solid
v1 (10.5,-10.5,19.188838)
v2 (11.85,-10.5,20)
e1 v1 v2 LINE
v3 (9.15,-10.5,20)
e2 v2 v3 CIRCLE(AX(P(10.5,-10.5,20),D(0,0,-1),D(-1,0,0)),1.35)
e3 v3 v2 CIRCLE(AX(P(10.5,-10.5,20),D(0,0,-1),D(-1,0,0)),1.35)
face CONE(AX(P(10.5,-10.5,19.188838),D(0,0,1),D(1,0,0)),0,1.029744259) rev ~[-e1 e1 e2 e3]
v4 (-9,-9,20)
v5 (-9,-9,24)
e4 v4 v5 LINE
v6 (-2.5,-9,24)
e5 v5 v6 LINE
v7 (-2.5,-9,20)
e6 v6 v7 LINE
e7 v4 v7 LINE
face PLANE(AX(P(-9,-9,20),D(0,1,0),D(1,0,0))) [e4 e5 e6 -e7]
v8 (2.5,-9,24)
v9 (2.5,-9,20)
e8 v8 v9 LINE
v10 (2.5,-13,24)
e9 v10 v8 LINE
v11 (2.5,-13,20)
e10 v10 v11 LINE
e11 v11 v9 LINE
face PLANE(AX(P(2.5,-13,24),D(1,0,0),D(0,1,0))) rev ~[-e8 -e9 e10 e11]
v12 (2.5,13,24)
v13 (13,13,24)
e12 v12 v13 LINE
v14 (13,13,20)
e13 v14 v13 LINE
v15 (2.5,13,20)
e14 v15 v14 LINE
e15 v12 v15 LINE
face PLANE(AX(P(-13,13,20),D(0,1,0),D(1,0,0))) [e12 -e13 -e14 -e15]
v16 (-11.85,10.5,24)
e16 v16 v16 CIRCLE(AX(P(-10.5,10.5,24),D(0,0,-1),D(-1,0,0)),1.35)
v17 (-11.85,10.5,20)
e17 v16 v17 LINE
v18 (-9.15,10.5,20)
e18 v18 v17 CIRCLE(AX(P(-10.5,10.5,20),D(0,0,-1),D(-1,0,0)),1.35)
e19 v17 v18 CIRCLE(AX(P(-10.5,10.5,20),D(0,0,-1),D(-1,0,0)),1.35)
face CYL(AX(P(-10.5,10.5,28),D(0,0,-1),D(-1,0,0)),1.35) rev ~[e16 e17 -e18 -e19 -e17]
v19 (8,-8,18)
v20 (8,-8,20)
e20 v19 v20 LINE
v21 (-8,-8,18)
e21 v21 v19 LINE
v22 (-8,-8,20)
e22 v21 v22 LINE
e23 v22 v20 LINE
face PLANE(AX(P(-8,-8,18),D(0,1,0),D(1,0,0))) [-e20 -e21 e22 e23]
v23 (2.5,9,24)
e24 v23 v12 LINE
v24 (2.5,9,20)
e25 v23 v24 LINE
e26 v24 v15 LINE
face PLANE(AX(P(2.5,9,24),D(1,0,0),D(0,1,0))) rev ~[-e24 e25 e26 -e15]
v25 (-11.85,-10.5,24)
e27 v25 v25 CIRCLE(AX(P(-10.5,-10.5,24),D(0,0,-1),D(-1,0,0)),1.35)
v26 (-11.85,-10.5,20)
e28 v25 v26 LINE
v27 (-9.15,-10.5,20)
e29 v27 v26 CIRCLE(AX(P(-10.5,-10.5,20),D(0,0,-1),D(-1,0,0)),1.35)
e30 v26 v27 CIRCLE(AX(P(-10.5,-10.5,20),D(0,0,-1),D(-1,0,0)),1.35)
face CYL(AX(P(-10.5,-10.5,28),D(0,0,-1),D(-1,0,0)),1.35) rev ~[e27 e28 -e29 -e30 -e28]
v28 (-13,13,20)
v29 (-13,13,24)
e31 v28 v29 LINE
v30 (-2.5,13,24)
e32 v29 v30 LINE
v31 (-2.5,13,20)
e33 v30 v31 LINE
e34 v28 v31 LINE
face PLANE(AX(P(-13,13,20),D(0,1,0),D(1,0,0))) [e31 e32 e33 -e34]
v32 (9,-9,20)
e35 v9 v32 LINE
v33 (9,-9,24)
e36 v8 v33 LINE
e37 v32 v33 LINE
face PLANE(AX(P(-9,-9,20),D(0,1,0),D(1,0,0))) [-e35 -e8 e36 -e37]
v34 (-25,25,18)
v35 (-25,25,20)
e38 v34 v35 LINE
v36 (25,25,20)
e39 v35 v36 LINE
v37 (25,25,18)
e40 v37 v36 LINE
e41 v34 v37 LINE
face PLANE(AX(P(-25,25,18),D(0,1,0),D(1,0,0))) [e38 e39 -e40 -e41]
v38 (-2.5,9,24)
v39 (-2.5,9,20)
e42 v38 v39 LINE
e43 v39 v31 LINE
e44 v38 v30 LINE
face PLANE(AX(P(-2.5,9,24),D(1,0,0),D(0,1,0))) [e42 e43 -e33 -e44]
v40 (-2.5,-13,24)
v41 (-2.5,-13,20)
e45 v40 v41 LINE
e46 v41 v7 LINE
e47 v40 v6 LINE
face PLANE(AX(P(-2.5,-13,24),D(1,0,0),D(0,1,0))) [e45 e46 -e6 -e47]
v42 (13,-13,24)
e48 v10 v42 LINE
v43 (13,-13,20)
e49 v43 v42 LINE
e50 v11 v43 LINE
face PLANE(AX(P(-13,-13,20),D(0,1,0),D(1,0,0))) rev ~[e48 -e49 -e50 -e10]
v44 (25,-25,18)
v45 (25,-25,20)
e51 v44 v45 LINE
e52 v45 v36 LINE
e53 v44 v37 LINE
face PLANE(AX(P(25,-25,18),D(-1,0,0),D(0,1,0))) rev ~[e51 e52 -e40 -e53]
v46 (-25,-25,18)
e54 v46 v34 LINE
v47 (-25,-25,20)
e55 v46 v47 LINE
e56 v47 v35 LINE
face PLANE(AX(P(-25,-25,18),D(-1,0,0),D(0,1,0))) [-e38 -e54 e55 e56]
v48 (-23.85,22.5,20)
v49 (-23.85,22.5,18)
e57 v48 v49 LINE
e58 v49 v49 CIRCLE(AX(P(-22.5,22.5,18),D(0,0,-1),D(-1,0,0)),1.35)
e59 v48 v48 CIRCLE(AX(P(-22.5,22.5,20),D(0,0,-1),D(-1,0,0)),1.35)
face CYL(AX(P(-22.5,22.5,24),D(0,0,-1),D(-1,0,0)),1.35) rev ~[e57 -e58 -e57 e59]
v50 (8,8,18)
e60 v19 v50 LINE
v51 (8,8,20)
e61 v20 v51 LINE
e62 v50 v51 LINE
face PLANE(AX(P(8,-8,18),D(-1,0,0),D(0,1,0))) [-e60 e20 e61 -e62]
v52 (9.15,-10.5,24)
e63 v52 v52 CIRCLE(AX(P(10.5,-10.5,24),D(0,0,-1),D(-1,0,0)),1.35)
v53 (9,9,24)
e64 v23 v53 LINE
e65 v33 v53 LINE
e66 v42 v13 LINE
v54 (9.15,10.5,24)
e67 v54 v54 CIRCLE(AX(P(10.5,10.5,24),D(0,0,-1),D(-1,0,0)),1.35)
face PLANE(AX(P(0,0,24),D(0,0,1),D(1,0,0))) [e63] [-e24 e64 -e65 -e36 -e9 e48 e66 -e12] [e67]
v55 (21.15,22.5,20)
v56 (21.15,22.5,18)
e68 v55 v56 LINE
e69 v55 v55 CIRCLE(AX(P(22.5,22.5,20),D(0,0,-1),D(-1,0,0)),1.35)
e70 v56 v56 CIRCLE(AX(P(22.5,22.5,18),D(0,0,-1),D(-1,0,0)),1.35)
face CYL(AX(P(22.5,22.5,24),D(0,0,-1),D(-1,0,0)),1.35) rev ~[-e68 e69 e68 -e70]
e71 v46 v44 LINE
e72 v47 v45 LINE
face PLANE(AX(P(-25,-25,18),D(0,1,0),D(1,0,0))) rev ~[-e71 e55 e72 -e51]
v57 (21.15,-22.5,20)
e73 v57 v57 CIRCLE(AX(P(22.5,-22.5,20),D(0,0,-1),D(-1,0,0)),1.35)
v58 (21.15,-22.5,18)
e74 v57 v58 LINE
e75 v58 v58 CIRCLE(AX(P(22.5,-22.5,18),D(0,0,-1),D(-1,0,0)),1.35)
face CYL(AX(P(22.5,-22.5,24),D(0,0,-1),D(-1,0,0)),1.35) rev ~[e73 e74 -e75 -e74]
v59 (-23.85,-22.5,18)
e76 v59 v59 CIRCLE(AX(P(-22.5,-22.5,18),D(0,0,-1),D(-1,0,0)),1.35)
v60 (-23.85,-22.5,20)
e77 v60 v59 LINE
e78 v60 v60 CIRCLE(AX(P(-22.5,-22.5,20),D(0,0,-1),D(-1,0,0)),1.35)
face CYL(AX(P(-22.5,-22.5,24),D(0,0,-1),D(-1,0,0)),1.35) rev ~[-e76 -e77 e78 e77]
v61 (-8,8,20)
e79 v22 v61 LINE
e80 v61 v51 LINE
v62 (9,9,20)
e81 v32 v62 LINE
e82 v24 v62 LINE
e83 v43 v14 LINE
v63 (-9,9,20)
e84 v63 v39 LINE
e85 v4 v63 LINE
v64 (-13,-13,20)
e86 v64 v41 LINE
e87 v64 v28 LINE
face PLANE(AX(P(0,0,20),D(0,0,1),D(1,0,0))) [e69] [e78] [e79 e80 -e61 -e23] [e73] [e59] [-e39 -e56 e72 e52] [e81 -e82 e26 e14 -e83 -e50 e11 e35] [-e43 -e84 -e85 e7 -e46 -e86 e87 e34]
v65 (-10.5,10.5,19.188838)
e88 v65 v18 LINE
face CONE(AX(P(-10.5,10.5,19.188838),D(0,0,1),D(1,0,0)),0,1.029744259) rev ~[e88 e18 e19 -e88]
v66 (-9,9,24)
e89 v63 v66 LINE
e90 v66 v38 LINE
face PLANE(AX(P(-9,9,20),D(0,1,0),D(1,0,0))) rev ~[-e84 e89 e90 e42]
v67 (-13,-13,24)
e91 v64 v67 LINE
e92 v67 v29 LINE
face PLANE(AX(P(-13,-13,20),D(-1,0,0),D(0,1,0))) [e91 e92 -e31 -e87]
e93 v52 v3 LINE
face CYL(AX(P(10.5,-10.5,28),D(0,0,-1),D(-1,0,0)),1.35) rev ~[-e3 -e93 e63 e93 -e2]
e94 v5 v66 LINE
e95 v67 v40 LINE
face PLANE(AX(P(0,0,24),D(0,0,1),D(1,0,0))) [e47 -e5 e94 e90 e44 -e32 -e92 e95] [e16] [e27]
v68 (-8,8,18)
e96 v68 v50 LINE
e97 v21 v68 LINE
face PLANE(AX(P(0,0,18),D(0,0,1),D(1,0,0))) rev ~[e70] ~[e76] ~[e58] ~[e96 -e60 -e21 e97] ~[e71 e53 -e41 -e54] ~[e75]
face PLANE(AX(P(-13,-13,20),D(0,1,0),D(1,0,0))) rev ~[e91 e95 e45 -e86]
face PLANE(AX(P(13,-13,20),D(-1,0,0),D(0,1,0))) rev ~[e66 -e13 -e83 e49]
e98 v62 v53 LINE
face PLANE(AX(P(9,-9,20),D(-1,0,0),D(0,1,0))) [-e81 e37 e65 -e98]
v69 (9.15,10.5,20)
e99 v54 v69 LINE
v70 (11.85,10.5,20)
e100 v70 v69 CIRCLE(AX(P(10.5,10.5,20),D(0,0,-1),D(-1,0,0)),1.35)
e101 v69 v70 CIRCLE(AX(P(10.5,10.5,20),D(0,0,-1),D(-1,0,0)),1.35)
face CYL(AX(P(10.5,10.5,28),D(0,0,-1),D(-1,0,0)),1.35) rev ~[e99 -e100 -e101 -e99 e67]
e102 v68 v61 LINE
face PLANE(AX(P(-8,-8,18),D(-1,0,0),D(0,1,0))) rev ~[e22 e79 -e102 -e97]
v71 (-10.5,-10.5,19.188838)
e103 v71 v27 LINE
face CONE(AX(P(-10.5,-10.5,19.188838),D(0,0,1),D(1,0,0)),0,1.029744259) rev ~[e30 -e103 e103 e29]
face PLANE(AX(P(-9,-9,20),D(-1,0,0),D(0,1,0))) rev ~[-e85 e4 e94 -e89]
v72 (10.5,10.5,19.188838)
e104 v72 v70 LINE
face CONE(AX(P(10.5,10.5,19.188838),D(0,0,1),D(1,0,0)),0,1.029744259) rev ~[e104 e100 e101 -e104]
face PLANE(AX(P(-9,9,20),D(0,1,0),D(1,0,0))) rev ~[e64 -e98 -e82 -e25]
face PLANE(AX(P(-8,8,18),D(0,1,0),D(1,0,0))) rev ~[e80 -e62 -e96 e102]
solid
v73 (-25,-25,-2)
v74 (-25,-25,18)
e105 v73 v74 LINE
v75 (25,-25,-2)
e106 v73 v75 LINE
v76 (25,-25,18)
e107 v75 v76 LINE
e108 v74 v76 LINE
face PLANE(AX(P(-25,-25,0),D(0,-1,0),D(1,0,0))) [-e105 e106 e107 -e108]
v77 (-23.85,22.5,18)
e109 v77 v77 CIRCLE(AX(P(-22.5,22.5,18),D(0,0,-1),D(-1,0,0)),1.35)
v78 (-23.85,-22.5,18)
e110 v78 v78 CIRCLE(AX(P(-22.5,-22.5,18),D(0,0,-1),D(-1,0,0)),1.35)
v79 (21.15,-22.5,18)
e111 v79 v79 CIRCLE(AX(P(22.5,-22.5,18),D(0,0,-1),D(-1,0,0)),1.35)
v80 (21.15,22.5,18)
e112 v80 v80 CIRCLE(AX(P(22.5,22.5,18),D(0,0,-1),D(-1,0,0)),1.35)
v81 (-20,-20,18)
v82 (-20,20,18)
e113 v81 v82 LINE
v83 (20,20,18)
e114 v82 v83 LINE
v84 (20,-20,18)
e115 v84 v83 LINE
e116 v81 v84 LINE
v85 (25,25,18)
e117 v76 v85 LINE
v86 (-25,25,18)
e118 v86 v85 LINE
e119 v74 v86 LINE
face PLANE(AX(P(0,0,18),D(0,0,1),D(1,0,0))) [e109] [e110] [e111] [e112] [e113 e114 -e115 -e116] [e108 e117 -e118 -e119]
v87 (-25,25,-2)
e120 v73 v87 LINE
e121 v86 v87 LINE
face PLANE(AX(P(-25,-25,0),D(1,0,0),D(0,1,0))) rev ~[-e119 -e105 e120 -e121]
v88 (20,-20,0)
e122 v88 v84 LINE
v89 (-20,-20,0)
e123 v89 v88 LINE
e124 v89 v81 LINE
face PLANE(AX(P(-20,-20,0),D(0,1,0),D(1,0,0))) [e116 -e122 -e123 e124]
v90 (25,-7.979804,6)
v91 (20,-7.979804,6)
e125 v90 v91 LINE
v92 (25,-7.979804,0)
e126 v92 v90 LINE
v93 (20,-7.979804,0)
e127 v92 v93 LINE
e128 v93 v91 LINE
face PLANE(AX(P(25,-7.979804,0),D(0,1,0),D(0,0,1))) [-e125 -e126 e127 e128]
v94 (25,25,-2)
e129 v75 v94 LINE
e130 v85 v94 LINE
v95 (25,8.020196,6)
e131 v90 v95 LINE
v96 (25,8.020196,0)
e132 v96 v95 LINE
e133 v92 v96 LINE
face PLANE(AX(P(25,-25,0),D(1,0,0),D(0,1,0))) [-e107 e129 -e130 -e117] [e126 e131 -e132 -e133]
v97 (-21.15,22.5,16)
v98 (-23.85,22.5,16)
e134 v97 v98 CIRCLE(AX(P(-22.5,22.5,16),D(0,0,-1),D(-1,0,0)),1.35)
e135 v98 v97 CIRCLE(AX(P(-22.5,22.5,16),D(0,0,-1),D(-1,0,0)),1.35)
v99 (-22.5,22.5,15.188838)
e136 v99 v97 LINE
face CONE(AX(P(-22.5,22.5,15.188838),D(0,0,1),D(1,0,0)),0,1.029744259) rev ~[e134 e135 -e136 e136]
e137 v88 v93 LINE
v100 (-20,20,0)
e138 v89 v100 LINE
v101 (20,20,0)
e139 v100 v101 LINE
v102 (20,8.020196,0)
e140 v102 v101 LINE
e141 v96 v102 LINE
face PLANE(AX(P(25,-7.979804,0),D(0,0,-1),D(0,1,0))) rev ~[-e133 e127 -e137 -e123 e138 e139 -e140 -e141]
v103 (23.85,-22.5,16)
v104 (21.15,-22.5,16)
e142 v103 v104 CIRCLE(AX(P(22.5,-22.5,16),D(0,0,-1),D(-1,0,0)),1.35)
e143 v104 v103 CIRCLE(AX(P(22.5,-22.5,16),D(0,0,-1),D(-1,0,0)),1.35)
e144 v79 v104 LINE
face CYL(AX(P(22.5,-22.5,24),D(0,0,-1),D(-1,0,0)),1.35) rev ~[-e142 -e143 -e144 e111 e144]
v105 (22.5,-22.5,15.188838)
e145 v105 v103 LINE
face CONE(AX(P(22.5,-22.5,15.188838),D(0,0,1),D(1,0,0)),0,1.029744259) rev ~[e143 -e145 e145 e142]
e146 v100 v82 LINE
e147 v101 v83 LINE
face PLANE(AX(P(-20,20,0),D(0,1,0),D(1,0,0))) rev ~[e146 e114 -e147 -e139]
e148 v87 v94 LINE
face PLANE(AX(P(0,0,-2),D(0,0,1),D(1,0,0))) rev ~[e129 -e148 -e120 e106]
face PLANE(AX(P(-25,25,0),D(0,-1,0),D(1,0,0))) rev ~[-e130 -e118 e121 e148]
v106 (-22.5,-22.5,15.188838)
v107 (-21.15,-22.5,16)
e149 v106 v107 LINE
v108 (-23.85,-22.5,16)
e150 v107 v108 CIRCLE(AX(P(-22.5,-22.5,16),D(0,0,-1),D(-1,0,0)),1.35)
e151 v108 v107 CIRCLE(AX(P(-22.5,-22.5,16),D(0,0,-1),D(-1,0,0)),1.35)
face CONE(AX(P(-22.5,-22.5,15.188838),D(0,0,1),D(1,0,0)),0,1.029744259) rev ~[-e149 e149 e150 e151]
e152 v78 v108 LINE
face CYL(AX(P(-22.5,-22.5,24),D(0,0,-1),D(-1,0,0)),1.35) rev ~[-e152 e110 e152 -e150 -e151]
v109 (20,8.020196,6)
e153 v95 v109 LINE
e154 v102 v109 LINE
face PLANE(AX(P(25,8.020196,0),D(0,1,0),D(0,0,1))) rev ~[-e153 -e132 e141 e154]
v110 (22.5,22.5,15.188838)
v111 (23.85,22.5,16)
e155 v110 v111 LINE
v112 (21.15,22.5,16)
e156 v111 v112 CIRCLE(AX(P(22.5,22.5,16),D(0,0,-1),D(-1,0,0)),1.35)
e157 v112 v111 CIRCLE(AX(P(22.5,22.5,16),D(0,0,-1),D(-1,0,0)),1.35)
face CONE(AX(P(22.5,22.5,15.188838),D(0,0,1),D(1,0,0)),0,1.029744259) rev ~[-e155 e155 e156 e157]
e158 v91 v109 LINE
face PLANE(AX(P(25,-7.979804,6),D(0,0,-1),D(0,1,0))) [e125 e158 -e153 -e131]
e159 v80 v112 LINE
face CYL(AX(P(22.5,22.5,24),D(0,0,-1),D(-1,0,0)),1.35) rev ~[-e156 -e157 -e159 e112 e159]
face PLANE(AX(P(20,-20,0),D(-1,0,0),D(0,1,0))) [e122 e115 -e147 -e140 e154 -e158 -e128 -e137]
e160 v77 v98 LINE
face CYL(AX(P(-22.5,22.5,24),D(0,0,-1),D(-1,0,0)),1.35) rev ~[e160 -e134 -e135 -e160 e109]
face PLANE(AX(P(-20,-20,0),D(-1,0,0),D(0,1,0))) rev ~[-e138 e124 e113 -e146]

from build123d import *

# Parameters (mm, degrees)
F0_W        = 50
F0_H        = 50
F0_W_2      = 40
F0_H_2      = 40
F1_DEPTH    = 18
F2_DEPTH    = 2
F3_W        = 16
F3_H        = 6
F4_DEPTH    = 5
F5_W        = 50
F5_H        = 50
F5_W_2      = 40
F5_H_2      = 40
F5_W_3      = 16
F5_H_3      = 16
F6_DEPTH    = 2
F7_W        = 26
F7_H        = 26
F7_W_2      = 18
F7_H_2      = 18
F8_DEPTH    = 4
F10_D       = 2.7
F10_DEPTH   = 4
F10_TIP     = 0.8111618357
F9_W        = 5
F9_H        = 4
F11_DEPTH   = 4
F13_D       = 2.7
F13_DEPTH   = 4
F13_TIP     = 0.8111618357
F13_2_D     = 2.7
F13_2_DEPTH = 4
F13_2_TIP   = 0.8111618357


with BuildPart() as f1:
    # F0 (on Top) → F1 (new body)
    with BuildSketch(Plane.XY):
        Rectangle(F0_W, F0_H)
        Rectangle(F0_W_2, F0_H_2, mode=Mode.SUBTRACT)
    extrude(amount=F1_DEPTH)

    # F0 (on Top) → F2 (join)
    with BuildSketch(Plane.XY):
        Rectangle(F0_W, F0_H)
        Rectangle(F0_W_2, F0_H_2, mode=Mode.SUBTRACT)
        Rectangle(F0_W_2, F0_H_2)
    extrude(amount=-F2_DEPTH)

    # F3 (on face) → F4 (cut, through all)
    with BuildSketch(Plane.YZ.offset(25)):
        with Locations((0.0201961273, 3)):
            Rectangle(F3_W, F3_H)
    extrude(amount=-F4_DEPTH, mode=Mode.SUBTRACT)

    # F13
    with Locations(Plane.XY.offset(20)):
        with Locations((-22.5, 22.5), (22.5, 22.5), (-22.5, -22.5), (22.5, -22.5)):
            Hole(F13_D / 2, depth=F13_DEPTH)
            with Locations((0, 0, -(F13_DEPTH + F13_TIP / 2))):  # 118° drill point
                Cone(0, F13_D / 2, F13_TIP, mode=Mode.SUBTRACT)


with BuildPart() as f6:
    # F5 (on face) → F6 (new body)
    with BuildSketch(Plane.XY.offset(18)):
        Rectangle(F5_W, F5_H)
        Rectangle(F5_W_2, F5_H_2, mode=Mode.SUBTRACT)
        Rectangle(F5_W_2, F5_H_2)
        Rectangle(F5_W_3, F5_H_3, mode=Mode.SUBTRACT)
    extrude(amount=F6_DEPTH)

    # F7 (on face) → F8 (join)
    with BuildSketch(Plane.XY.offset(20)):
        Rectangle(F7_W, F7_H)
        Rectangle(F7_W_2, F7_H_2, mode=Mode.SUBTRACT)
    extrude(amount=F8_DEPTH)

    # F10
    with Locations(Plane.XY.offset(24)):
        with Locations((-10.5, 10.5), (10.5, 10.5), (-10.5, -10.5), (10.5, -10.5)):
            Hole(F10_D / 2, depth=F10_DEPTH)
            with Locations((0, 0, -(F10_DEPTH + F10_TIP / 2))):  # 118° drill point
                Cone(0, F10_D / 2, F10_TIP, mode=Mode.SUBTRACT)

    # F9 (on face) → F11 (cut, through all)
    with BuildSketch(Plane.XY.offset(24)):
        with Locations((0, 11)):
            Rectangle(F9_W, F9_H)
        with Locations((0, -11)):
            Rectangle(F9_W, F9_H)
    extrude(amount=-F11_DEPTH, mode=Mode.SUBTRACT)

    # F13#2
    with Locations(Plane.XY.offset(20)):
        with Locations((-22.5, 22.5), (22.5, 22.5), (-22.5, -22.5), (22.5, -22.5)):
            Hole(F13_2_D / 2, depth=F13_2_DEPTH)
            with Locations((0, 0, -(F13_2_DEPTH + F13_2_TIP / 2))):  # 118° drill point
                Cone(0, F13_2_D / 2, F13_2_TIP, mode=Mode.SUBTRACT)


solid = Compound([f1.part, f6.part])
